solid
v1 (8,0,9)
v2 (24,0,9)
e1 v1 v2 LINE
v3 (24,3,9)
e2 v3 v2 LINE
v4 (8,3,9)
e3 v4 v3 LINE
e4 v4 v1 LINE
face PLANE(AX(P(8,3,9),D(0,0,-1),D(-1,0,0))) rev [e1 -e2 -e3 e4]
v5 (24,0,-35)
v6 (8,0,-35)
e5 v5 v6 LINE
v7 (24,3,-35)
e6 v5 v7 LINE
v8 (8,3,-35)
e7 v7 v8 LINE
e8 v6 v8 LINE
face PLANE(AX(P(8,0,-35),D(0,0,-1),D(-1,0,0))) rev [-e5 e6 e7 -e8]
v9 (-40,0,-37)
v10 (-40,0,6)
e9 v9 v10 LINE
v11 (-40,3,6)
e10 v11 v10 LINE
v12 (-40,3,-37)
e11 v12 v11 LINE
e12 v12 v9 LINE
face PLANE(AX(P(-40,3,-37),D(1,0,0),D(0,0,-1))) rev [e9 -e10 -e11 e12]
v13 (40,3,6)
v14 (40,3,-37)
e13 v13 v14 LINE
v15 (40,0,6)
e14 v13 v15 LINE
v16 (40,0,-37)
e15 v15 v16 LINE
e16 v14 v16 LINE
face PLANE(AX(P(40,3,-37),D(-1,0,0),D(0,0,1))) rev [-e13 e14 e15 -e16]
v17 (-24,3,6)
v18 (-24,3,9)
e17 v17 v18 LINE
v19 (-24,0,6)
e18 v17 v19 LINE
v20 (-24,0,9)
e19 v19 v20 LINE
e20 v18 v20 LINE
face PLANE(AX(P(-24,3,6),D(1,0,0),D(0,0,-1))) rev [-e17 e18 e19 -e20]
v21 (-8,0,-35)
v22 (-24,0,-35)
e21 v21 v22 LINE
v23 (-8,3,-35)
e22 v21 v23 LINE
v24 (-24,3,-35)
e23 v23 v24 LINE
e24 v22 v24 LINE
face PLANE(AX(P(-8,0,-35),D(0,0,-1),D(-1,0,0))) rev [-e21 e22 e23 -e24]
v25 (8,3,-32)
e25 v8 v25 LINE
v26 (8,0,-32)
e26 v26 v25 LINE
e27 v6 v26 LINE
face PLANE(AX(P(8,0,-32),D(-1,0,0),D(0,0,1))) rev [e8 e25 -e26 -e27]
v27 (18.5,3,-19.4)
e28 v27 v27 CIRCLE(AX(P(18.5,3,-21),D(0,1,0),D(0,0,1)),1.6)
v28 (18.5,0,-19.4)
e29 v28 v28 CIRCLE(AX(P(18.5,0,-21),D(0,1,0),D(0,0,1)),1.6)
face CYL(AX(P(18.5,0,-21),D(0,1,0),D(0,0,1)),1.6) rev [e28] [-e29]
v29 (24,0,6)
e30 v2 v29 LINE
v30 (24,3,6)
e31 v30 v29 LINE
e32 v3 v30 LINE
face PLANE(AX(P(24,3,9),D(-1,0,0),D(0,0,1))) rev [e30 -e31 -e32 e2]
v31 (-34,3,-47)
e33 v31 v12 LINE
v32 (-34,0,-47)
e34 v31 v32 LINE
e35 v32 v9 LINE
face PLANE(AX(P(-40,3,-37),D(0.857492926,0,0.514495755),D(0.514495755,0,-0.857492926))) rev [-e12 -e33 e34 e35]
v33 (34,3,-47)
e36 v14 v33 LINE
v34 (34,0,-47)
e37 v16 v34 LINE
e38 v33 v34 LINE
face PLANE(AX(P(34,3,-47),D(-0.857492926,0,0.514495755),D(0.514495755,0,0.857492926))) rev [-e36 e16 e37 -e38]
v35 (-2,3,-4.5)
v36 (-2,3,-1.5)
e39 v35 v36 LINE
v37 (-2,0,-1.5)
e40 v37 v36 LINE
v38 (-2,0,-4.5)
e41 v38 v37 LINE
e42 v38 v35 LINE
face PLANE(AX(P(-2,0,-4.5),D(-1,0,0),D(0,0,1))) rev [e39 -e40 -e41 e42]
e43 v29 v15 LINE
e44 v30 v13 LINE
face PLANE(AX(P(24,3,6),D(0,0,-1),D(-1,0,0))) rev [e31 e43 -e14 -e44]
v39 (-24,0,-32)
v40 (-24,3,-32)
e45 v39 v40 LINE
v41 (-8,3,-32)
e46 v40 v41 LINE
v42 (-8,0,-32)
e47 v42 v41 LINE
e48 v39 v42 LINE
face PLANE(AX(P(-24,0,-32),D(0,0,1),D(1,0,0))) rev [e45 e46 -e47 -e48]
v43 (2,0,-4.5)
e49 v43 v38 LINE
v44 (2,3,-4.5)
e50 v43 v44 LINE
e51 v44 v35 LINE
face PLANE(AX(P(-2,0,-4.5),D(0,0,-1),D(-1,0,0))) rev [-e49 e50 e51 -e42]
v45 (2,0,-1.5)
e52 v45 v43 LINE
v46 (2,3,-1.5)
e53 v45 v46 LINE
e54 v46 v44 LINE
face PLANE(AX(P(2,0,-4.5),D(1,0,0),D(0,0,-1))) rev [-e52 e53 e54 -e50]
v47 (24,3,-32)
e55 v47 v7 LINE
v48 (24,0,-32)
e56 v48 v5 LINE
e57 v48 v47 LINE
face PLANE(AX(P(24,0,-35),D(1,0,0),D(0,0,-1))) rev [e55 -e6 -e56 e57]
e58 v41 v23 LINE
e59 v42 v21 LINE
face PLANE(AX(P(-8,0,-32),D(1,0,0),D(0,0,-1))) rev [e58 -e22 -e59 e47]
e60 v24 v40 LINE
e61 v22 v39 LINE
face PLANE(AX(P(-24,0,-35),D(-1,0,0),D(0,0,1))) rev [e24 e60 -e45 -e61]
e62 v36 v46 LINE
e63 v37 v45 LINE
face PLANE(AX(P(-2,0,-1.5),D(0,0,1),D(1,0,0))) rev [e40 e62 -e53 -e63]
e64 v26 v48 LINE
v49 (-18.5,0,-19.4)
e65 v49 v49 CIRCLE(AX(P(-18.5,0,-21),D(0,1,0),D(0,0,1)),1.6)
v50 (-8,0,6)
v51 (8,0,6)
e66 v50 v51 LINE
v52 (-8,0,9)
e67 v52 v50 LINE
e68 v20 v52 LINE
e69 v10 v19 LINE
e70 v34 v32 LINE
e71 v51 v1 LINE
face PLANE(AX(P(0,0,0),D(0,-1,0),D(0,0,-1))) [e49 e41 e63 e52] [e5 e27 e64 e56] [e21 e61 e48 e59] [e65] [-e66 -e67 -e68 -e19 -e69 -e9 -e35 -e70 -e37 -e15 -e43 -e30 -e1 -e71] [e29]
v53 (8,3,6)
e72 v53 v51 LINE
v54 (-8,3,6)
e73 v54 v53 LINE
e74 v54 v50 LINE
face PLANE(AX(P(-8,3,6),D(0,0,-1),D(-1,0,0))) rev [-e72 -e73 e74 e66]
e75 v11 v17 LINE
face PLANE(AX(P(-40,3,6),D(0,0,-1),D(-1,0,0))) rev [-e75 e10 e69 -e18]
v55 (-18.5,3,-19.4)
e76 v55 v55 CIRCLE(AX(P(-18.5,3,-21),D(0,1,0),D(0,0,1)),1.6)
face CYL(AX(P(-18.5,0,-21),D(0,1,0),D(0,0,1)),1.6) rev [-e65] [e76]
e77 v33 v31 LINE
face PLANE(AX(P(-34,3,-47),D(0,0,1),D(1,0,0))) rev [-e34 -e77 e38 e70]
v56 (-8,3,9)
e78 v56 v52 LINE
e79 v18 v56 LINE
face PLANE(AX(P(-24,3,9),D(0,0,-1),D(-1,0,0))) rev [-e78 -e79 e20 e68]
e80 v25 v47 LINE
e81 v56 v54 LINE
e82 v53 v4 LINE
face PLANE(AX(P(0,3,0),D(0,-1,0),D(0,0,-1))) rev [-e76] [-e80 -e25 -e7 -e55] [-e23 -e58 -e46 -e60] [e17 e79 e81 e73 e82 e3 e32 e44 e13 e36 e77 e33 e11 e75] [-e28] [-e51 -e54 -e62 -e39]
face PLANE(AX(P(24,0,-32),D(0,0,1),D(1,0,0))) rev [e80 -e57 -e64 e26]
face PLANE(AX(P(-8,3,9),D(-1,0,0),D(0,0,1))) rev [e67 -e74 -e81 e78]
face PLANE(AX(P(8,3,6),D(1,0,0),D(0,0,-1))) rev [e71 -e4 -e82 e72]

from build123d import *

# Parameters (mm, degrees)
BOSS_EXTRUDE1_DEPTH = 3
SKETCH2_R           = 1.6
SKETCH2_W           = 4
SKETCH2_H           = 3
SKETCH2_W_2         = 16
CUT_EXTRUDE1_DEPTH  = 4


with BuildPart() as part:
    # Sketch1 → Boss-Extrude1 (new body)
    with BuildSketch(Plane(origin=(0, 0, 0), x_dir=(1, 0, 0), z_dir=(0, 1, 0))):
        Polygon((-40, 37), (-34, 47), (34, 47), (40, 37), (40, -6), (24, -6), (24, -9), (8, -9), (8, -6), (-8, -6), (-8, -9), (-24, -9), (-24, -6), (-40, -6), align=None)
    extrude(amount=BOSS_EXTRUDE1_DEPTH)

    # Sketch2 → Cut-Extrude1 (cut, through all)
    with BuildSketch(Plane(origin=(0, 3, 0), x_dir=(1, 0, 0), z_dir=(0, 1, 0))):
        with Locations((-18.5, 21)):
            Circle(SKETCH2_R)
        with Locations((18.5, 21)):
            Circle(SKETCH2_R)
        with Locations((0, 3)):
            Rectangle(SKETCH2_W, SKETCH2_H)
        with Locations((-16, 33.5)):
            Rectangle(SKETCH2_W_2, SKETCH2_H)
        with Locations((16, 33.5)):
            Rectangle(SKETCH2_W_2, SKETCH2_H)
    extrude(amount=-CUT_EXTRUDE1_DEPTH, mode=Mode.SUBTRACT)


solid = part.part
